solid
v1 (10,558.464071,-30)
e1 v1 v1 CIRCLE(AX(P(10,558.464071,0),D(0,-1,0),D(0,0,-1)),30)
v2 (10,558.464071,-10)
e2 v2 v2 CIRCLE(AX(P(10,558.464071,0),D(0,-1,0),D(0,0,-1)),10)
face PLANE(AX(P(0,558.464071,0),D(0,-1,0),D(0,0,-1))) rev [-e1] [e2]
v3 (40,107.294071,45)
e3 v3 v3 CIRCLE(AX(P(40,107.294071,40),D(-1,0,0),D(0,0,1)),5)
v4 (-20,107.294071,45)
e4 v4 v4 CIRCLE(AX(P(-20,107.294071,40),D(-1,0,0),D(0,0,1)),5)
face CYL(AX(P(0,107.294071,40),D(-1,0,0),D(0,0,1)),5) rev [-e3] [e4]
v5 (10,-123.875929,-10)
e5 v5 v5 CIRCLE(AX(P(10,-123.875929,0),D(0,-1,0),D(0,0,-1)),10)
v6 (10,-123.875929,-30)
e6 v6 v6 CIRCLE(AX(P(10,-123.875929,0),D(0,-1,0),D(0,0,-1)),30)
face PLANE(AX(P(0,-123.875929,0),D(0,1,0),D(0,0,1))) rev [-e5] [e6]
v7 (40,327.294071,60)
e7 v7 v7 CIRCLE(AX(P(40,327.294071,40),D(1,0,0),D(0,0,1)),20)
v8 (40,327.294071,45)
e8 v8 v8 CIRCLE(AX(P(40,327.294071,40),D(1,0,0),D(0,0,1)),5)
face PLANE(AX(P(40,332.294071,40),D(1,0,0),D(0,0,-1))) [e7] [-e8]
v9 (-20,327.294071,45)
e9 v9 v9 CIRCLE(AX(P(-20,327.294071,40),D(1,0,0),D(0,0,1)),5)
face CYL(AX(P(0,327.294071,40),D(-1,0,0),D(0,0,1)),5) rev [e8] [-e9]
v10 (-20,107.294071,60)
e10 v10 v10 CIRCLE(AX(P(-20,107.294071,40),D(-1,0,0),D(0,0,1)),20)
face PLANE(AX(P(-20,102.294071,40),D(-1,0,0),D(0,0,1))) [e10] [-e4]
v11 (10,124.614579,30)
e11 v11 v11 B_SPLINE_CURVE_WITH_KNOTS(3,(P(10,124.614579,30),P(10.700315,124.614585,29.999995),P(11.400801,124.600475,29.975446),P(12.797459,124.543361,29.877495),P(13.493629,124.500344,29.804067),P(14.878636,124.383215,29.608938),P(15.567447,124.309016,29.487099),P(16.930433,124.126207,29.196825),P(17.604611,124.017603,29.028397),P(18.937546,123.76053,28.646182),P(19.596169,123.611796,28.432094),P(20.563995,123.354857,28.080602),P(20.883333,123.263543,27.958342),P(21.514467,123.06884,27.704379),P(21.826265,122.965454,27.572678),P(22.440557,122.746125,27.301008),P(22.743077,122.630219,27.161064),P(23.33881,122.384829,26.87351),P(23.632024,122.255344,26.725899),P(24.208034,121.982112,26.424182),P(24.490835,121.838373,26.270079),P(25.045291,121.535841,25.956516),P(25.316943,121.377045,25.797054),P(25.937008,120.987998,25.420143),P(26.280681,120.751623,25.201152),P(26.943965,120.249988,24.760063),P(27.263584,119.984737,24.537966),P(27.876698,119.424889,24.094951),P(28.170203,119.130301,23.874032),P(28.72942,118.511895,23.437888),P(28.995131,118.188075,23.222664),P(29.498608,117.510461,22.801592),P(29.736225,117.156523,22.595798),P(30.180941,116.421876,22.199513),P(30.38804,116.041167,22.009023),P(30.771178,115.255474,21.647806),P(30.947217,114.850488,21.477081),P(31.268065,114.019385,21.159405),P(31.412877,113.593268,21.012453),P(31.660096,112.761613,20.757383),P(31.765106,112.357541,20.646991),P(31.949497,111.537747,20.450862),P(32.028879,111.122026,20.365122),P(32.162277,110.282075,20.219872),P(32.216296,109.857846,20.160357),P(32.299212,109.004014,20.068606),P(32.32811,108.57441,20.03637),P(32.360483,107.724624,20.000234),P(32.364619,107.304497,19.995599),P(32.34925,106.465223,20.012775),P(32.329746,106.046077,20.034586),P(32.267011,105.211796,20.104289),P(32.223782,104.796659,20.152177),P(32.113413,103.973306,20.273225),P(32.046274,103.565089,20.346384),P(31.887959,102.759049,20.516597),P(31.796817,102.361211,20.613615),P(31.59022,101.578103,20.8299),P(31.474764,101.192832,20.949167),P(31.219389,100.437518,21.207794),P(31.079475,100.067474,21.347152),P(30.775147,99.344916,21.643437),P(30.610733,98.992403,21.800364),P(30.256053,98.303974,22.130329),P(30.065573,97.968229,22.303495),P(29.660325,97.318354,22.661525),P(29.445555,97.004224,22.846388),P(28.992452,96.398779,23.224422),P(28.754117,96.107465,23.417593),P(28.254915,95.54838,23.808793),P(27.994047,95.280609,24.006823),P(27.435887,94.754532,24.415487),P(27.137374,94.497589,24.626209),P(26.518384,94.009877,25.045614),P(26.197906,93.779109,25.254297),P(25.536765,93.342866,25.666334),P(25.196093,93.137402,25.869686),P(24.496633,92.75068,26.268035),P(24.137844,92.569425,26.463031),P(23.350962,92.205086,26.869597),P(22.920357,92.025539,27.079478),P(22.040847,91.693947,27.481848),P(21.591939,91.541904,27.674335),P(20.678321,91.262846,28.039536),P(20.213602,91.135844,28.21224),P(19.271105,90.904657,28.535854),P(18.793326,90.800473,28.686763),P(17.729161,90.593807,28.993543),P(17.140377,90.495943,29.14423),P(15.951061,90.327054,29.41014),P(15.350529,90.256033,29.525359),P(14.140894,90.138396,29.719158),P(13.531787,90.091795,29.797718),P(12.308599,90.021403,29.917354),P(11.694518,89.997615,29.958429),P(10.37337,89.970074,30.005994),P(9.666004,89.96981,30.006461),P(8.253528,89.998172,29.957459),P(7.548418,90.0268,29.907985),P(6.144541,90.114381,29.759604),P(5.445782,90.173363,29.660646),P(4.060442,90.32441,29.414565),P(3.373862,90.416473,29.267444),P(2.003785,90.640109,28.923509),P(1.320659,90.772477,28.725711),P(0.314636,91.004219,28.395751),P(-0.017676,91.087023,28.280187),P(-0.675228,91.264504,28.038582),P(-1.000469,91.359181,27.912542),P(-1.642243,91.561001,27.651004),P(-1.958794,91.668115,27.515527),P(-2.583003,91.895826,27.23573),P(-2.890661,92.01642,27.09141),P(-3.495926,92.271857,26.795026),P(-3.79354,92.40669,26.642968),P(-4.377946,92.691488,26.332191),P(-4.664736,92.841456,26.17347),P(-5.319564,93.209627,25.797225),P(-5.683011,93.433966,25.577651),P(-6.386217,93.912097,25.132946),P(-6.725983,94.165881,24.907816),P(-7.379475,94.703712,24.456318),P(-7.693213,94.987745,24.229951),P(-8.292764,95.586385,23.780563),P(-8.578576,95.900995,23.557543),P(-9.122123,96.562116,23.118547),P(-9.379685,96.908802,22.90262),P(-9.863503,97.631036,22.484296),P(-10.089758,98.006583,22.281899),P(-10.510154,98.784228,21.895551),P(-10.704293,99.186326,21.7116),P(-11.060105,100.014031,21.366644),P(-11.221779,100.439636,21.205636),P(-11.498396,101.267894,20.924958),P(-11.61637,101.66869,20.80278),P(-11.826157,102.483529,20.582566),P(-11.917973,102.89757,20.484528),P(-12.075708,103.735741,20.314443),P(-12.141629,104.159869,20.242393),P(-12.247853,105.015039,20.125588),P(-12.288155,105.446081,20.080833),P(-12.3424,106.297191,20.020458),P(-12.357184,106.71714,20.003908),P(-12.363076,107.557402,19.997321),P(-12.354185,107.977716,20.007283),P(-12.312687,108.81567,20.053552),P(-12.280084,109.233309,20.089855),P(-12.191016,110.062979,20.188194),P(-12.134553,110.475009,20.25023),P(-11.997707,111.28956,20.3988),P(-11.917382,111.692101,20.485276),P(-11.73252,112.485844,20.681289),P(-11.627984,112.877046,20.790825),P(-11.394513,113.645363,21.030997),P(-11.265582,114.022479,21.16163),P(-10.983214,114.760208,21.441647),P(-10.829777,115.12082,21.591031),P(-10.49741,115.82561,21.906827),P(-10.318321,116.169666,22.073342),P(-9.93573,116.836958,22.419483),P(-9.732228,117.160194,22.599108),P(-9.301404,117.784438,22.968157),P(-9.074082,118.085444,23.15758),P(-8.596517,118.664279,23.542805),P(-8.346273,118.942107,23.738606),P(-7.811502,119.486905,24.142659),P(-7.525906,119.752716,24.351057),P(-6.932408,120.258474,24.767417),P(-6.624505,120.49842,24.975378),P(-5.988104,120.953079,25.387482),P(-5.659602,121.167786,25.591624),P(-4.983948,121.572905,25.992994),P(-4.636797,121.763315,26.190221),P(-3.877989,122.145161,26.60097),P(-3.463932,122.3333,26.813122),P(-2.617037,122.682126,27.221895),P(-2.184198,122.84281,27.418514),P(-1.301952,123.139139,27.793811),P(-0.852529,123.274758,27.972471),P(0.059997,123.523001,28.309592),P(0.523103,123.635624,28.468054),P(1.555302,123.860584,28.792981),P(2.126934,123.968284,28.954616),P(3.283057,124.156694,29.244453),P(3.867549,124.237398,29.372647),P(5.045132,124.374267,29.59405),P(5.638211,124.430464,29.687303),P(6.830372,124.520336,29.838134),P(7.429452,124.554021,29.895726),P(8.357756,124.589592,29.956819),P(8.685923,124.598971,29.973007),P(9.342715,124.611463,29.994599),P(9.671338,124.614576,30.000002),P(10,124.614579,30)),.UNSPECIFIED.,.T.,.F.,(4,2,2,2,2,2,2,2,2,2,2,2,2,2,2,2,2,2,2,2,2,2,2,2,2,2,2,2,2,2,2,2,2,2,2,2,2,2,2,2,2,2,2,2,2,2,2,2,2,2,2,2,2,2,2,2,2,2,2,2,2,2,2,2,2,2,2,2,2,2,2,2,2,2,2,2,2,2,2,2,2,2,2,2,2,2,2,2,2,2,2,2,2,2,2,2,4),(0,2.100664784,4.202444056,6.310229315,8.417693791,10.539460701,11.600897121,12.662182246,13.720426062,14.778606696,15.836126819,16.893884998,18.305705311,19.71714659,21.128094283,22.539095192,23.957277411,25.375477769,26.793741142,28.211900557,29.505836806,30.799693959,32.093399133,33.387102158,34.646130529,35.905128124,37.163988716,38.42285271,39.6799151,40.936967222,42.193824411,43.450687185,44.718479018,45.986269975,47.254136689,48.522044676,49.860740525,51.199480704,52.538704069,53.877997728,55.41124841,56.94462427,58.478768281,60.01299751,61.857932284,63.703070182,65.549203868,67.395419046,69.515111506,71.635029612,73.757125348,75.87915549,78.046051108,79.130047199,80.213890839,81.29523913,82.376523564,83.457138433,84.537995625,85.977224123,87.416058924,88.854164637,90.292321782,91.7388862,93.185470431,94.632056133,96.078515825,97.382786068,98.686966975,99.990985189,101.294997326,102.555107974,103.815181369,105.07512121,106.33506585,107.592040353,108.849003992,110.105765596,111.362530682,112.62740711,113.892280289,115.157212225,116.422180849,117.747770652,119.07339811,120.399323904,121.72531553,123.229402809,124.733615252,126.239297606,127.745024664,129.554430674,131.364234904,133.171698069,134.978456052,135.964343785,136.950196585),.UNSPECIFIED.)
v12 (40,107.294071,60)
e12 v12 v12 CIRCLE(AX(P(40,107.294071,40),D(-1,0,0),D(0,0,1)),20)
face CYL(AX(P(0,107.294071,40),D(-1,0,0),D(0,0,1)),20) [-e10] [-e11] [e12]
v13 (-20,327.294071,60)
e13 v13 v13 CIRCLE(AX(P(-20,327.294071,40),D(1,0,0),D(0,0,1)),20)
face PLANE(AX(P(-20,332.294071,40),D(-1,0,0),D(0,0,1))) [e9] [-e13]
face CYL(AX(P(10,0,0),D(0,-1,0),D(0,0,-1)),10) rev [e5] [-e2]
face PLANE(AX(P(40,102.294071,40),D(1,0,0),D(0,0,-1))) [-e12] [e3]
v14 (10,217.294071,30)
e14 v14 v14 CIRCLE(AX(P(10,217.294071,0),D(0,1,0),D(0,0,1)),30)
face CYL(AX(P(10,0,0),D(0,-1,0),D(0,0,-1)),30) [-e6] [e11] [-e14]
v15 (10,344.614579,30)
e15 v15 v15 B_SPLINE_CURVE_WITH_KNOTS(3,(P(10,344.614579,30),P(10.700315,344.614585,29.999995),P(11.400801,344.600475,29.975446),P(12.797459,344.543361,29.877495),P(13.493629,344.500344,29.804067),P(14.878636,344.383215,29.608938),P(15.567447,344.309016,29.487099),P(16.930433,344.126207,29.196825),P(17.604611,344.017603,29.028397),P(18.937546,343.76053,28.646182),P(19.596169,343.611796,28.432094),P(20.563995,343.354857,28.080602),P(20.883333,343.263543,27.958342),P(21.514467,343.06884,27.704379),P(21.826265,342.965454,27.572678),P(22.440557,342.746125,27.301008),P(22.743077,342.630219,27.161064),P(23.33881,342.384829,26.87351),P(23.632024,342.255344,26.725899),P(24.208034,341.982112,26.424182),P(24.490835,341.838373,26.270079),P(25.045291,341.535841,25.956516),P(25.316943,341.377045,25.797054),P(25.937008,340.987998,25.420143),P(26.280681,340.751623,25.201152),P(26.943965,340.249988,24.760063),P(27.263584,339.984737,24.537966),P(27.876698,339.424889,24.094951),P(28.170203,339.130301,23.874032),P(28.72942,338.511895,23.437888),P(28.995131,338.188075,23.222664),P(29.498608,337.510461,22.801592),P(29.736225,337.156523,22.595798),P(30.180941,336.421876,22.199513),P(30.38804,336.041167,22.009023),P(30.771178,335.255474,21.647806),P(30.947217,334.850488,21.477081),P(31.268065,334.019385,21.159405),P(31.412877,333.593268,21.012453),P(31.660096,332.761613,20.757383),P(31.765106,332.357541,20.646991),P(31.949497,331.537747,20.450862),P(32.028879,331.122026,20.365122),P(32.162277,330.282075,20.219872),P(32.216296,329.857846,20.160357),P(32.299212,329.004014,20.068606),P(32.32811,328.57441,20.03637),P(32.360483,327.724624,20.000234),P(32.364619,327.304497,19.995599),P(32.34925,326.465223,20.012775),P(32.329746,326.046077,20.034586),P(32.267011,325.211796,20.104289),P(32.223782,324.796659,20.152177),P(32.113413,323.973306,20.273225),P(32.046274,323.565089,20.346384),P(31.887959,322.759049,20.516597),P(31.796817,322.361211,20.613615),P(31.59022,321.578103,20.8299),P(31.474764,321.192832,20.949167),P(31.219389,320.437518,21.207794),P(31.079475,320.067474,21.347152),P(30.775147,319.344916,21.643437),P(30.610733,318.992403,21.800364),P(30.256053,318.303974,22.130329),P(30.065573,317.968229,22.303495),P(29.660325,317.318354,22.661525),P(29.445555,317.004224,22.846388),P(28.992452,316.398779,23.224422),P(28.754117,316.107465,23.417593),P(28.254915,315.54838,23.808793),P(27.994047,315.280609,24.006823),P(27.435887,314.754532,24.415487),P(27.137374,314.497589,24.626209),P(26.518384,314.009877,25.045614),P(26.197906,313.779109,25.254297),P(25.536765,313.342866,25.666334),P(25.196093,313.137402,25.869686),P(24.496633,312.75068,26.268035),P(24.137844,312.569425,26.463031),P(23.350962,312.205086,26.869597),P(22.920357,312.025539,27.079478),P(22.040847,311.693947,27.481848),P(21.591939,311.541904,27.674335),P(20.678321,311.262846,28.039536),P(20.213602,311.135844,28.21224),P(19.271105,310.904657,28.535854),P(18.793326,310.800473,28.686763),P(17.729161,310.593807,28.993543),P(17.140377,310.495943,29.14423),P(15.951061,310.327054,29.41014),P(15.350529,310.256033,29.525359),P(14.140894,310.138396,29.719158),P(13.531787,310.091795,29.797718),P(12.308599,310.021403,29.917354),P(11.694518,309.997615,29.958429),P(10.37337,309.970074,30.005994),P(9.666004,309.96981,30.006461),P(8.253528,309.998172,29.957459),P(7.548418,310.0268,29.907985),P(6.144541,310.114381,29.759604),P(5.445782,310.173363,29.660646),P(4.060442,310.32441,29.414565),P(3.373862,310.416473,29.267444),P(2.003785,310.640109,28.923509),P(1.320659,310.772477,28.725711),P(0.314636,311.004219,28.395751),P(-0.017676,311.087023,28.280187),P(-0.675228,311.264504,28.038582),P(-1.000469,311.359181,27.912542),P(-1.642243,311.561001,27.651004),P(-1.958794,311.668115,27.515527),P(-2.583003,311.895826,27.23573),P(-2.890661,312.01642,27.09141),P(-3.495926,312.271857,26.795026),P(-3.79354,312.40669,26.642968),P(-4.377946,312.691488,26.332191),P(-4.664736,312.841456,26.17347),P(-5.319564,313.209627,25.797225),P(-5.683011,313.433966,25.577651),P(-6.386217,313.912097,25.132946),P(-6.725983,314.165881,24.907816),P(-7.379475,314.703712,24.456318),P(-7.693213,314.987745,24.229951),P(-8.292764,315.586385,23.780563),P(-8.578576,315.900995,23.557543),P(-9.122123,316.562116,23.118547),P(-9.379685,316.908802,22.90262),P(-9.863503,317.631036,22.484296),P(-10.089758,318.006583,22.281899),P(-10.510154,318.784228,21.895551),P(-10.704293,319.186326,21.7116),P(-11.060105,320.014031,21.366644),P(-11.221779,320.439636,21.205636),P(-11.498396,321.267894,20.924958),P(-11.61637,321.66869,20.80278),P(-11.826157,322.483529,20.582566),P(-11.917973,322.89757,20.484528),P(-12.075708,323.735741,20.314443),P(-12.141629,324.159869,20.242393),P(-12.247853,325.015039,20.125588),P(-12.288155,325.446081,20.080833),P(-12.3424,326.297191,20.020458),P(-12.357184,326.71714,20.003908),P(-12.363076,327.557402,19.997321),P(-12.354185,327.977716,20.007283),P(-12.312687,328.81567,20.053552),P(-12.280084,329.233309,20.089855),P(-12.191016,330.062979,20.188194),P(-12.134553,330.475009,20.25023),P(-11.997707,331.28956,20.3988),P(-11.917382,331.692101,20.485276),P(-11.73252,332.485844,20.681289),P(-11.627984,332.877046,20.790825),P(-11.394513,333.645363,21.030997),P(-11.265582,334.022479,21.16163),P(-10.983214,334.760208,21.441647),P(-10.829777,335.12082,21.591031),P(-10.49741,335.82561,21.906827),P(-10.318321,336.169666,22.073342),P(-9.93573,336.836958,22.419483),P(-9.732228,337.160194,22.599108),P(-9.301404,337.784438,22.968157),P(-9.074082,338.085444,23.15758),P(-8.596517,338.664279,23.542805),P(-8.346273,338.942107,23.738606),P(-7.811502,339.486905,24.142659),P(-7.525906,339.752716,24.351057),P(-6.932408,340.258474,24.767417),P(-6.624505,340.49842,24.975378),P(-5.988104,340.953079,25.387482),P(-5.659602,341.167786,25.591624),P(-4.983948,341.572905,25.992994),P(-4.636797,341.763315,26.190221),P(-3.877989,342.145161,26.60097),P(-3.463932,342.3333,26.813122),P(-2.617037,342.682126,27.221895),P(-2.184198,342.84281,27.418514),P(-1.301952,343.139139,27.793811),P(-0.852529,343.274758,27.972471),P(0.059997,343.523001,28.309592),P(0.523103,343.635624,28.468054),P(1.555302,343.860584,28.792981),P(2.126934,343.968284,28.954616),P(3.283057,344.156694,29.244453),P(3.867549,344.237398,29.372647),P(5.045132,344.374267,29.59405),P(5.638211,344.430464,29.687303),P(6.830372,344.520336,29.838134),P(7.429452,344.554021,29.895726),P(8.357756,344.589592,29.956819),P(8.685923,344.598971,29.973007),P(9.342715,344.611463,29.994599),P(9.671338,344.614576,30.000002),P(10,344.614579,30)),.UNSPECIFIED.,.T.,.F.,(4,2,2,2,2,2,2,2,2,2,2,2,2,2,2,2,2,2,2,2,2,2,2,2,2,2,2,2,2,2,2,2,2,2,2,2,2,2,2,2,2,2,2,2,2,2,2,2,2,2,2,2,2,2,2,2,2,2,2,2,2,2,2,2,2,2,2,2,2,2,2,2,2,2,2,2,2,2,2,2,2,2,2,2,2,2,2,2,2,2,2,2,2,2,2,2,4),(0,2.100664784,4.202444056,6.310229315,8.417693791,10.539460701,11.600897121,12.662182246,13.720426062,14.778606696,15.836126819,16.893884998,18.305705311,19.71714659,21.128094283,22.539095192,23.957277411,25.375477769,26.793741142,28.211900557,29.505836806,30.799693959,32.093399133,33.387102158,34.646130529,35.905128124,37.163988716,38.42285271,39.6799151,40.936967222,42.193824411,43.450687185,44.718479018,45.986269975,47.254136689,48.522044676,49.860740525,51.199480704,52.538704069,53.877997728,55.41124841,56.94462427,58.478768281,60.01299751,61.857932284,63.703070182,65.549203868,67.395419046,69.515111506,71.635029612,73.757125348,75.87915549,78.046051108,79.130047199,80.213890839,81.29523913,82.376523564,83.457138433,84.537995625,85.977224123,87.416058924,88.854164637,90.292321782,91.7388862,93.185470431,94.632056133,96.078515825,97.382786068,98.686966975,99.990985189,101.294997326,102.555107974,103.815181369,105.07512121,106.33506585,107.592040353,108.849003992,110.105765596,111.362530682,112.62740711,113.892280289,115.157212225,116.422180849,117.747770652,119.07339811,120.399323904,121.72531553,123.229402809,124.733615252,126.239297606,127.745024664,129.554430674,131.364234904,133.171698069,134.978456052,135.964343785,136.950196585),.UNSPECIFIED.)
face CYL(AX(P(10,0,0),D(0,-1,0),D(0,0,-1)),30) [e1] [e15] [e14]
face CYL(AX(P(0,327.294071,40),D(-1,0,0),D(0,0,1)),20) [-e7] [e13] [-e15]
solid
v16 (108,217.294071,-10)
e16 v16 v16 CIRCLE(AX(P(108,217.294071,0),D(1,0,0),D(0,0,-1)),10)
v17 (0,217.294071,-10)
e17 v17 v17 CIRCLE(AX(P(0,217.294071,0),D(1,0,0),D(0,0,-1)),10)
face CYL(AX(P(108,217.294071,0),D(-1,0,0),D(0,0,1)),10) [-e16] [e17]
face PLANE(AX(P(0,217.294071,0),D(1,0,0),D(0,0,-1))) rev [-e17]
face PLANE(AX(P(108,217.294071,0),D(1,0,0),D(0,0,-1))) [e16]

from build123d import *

# Parameters (mm, degrees)
SZKIC1_W                    = 20
SZKIC1_H                    = 682.34
SZKIC4_W                    = 60
SZKIC4_H                    = 15
SZKIC5_R                    = 10
DODANIE_WYCI_GNI_CIE1_DEPTH = 108


with BuildPart() as part:
    # Szkic1 → Obrót1 (revolve)
    with BuildSketch(Plane.XY):
        with Locations((-10, 217.294070703)):
            Rectangle(SZKIC1_W, SZKIC1_H)
    revolve(axis=Axis((10, 0, 0), (0, 1, 0)))

    # Szkic4 → Obrót2 (revolve)
    with BuildSketch(Plane.XY.offset(40)):
        with Locations((10, 94.794070703)):
            Rectangle(SZKIC4_W, SZKIC4_H)
    obr_t2 = revolve(axis=Axis((0, 107.294070703, 40), (1, 0, 0)))

    # Lustro1: Obrót2 across plane
    add(obr_t2.mirror(Plane(origin=(0, 217.294070703, 0), x_dir=(0, 0, 1), z_dir=(0, -1, 0))))


with BuildPart() as body_2:
    # Szkic5 → Dodanie-wyciągnięcie1 (new body)
    with BuildSketch(Plane(origin=(0, 0, 0), x_dir=(0, 0, -1), z_dir=(1, 0, 0))):
        with Locations((0, 217.294070703)):
            Circle(SZKIC5_R)
    extrude(amount=DODANIE_WYCI_GNI_CIE1_DEPTH)


solid = Compound([part.part, body_2.part])
